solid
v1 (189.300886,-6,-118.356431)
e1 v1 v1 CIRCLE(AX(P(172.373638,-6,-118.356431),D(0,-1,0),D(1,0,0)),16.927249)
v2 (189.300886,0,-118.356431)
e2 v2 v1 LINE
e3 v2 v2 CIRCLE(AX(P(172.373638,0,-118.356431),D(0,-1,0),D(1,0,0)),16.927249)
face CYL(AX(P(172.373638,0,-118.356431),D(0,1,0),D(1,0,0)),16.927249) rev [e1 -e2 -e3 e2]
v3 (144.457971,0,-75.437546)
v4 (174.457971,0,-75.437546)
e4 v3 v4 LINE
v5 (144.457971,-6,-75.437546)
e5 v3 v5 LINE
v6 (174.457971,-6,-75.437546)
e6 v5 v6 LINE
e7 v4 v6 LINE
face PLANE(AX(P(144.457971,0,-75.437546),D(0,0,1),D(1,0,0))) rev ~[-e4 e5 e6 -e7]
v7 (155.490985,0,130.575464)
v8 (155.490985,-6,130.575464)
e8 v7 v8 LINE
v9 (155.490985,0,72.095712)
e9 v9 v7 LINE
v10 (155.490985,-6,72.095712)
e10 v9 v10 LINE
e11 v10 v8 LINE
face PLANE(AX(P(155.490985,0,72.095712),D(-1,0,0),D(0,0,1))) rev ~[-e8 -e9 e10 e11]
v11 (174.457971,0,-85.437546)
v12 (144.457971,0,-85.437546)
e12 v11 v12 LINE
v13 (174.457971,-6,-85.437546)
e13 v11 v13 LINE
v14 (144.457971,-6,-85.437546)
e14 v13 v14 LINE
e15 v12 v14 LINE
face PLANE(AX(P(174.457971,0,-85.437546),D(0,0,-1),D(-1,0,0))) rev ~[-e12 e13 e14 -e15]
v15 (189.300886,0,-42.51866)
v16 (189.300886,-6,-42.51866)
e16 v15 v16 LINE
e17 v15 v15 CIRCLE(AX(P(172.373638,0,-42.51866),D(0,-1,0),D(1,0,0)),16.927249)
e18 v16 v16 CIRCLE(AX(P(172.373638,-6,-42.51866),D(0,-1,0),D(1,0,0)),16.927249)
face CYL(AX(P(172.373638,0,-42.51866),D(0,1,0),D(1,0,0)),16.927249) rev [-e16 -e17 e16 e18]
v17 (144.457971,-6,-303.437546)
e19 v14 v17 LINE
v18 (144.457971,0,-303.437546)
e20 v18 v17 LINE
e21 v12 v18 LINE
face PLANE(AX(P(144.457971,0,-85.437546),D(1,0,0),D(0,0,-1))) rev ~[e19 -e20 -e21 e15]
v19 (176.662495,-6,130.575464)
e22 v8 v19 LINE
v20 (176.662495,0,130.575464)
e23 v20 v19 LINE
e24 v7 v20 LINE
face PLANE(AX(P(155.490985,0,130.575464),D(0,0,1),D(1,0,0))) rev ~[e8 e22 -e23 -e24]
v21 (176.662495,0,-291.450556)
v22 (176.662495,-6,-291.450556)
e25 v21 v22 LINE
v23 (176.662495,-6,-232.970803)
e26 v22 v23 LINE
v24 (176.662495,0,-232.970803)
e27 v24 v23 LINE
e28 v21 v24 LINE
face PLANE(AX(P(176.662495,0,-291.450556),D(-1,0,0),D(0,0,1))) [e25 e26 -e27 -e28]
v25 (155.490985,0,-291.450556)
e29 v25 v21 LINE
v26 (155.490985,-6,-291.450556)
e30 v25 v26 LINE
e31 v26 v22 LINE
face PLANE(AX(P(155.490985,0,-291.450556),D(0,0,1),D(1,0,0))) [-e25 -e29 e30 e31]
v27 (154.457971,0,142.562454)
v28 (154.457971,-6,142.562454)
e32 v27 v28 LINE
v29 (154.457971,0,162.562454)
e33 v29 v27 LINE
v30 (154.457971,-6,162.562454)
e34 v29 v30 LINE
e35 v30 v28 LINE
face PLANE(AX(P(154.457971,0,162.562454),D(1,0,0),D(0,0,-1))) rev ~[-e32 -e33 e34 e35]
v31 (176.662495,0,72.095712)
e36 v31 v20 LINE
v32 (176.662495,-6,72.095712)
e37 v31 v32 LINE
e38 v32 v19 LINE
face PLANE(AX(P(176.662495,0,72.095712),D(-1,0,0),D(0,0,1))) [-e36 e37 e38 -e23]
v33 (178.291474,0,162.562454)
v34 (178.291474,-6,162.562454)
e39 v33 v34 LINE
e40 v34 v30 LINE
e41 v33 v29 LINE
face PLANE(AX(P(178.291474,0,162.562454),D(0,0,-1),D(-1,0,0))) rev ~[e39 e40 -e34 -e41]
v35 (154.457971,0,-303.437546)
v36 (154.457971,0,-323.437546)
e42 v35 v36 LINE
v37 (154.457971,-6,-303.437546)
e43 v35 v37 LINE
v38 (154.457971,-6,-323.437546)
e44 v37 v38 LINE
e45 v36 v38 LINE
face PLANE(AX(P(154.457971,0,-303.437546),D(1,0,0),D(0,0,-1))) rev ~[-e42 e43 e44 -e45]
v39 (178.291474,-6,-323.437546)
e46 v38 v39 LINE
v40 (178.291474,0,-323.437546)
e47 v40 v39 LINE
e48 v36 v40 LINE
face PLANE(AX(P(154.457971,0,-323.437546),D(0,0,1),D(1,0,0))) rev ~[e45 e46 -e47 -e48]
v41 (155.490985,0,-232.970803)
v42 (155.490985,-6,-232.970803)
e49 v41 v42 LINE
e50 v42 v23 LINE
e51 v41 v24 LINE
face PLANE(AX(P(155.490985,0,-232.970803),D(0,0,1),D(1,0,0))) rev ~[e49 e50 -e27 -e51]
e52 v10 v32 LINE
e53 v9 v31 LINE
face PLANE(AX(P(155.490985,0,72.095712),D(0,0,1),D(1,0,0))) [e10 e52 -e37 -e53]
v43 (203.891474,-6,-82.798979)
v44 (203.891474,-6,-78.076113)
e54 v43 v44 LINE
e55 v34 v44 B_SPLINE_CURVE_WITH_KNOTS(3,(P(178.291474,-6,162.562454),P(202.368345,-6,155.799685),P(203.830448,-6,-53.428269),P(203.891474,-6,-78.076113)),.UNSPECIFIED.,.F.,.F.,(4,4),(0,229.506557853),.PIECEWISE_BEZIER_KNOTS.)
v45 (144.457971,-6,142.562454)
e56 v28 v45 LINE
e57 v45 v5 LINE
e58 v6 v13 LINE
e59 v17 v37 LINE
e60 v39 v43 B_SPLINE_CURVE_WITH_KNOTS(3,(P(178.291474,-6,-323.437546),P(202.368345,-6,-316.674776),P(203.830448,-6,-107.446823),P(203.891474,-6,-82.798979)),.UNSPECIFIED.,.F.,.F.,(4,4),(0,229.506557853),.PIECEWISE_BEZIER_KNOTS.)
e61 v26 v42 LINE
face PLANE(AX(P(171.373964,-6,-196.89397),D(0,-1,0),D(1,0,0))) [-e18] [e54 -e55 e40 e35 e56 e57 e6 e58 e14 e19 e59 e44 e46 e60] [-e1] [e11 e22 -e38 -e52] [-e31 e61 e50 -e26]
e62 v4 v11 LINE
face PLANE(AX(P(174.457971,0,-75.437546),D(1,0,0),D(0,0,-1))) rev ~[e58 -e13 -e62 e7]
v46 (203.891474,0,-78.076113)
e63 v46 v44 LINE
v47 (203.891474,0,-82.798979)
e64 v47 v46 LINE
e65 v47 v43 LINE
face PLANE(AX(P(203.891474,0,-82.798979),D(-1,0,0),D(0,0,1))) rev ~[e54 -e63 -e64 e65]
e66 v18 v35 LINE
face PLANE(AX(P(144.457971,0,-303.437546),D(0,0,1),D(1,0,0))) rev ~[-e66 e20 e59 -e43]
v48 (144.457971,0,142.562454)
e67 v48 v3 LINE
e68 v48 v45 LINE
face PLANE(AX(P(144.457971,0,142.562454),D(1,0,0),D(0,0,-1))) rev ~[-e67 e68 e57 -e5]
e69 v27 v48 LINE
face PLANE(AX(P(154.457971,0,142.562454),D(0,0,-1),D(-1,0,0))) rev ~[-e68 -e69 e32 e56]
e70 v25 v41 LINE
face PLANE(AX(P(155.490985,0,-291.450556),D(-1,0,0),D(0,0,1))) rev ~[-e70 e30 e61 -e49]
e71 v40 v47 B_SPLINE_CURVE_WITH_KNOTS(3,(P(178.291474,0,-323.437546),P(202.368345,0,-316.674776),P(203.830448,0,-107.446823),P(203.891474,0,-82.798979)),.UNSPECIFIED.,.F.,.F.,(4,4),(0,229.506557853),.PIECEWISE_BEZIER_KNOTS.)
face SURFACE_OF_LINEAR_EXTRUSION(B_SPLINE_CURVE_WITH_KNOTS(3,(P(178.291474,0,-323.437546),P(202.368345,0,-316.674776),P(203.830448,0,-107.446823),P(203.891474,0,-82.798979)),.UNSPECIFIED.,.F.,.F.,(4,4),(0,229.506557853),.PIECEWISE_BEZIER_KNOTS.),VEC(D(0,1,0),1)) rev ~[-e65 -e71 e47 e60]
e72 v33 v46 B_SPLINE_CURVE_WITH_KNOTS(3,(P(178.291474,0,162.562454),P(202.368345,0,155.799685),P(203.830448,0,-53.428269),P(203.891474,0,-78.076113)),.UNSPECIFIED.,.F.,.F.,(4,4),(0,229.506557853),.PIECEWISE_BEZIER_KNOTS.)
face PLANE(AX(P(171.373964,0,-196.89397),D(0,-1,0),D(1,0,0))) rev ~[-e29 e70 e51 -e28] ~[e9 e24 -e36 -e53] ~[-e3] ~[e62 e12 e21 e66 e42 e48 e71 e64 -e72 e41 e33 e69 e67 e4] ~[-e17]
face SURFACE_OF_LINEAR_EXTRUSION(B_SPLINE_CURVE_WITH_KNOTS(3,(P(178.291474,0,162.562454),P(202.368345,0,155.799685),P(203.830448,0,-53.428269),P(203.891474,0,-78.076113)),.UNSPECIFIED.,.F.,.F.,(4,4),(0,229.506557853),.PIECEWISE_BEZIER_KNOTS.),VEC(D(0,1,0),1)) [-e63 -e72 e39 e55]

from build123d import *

# Parameters (mm, degrees)
F0_W     = 21.1715102196
F0_H     = 58.4797523916
F0_R     = 16.9272487263
F1_DEPTH = 6


with BuildPart() as f1:
    # F0 (on Front) → F1 (new body)
    with BuildSketch(Plane.XZ):
        with BuildLine():
            Line((203.8914743591, -81.3288328435), (203.8914743591, -80.4375457843))
            Line((203.8914743591, -80.4375457843), (174.4579714171, -80.4375457843))
            Line((174.4579714171, -80.4375457843), (174.4579714171, -85.4375457843))
            Line((174.4579714171, -85.4375457843), (144.4579714171, -85.4375457843))
            Line((144.4579714171, -85.4375457843), (144.4579714171, -303.4375457843))
            Line((144.4579714171, -303.4375457843), (154.4579714171, -303.4375457843))
            Line((154.4579714171, -303.4375457843), (154.4579714171, -323.4375457843))
            Line((154.4579714171, -323.4375457843), (178.2914743591, -323.4375457843))
            add(Edge.make_bspline(
                [(178.2914743591, -323.4375457843), (202.3683447271, -316.6747764881), (203.8304484738, -107.4468228501), (203.8914743591, -82.7989785763)],
                knots=[0, 0, 0, 0, 229.5065578532, 229.5065578532, 229.5065578532, 229.5065578532], degree=3))
            Line((203.8914743591, -82.7989785763), (203.8914743591, -81.3288328435))
        make_face()
        with Locations((166.0767396396, -262.2106793639)):
            Rectangle(F0_W, F0_H, mode=Mode.SUBTRACT)
        with Locations((172.373637557, -118.3564311424)):
            Circle(F0_R, mode=Mode.SUBTRACT)
        with BuildLine():
            add(Edge.make_bspline(
                [(203.8914743591, -78.0761129922), (203.895419842, -79.6696605209), (203.8935088751, -80.4916705159), (203.8914743591, -80.4375457843)],
                knots=[229.5065578531, 229.5065578531, 229.5065578531, 229.5065578531, 244.3447564406, 244.3447564406, 244.3447564406, 244.3447564406], degree=3))
            add(Edge.make_bspline(
                [(178.2914743591, 162.5624542157), (202.3683447271, 155.7996849196), (203.8304484738, -53.4282687183), (203.8914743591, -78.0761129922)],
                knots=[0, 0, 0, 0, 229.5065578531, 229.5065578531, 229.5065578531, 229.5065578531], degree=3))
            Line((178.2914743591, 162.5624542157), (154.4579714171, 162.5624542157))
            Line((154.4579714171, 162.5624542157), (154.4579714171, 142.5624542157))
            Line((154.4579714171, 142.5624542157), (144.4579714171, 142.5624542157))
            Line((144.4579714171, 142.5624542157), (144.4579714171, -75.4375457843))
            Line((144.4579714171, -75.4375457843), (174.4579714171, -75.4375457843))
            Line((174.4579714171, -75.4375457843), (174.4579714171, -80.4375457843))
            Line((174.4579714171, -80.4375457843), (203.8914743591, -80.4375457843))
        make_face()
        with Locations((172.373637557, -42.5186604261)):
            Circle(F0_R, mode=Mode.SUBTRACT)
        with Locations((166.0767396396, 101.3355877954)):
            Rectangle(F0_W, F0_H, mode=Mode.SUBTRACT)
        with BuildLine():
            Line((203.8914743591, -79.546258725), (203.8914743591, -78.0761129922))
            add(Edge.make_bspline(
                [(203.8914743591, -78.0761129922), (203.895419842, -79.6696605209), (203.8935088751, -80.4916705159), (203.8914743591, -80.4375457843)],
                knots=[229.5065578531, 229.5065578531, 229.5065578531, 229.5065578531, 244.3447564406, 244.3447564406, 244.3447564406, 244.3447564406], degree=3))
            Line((203.8914743591, -80.4375457843), (203.8914743591, -79.546258725))
        make_face(mode=Mode.SUBTRACT)
    extrude(amount=F1_DEPTH)


solid = f1.part
